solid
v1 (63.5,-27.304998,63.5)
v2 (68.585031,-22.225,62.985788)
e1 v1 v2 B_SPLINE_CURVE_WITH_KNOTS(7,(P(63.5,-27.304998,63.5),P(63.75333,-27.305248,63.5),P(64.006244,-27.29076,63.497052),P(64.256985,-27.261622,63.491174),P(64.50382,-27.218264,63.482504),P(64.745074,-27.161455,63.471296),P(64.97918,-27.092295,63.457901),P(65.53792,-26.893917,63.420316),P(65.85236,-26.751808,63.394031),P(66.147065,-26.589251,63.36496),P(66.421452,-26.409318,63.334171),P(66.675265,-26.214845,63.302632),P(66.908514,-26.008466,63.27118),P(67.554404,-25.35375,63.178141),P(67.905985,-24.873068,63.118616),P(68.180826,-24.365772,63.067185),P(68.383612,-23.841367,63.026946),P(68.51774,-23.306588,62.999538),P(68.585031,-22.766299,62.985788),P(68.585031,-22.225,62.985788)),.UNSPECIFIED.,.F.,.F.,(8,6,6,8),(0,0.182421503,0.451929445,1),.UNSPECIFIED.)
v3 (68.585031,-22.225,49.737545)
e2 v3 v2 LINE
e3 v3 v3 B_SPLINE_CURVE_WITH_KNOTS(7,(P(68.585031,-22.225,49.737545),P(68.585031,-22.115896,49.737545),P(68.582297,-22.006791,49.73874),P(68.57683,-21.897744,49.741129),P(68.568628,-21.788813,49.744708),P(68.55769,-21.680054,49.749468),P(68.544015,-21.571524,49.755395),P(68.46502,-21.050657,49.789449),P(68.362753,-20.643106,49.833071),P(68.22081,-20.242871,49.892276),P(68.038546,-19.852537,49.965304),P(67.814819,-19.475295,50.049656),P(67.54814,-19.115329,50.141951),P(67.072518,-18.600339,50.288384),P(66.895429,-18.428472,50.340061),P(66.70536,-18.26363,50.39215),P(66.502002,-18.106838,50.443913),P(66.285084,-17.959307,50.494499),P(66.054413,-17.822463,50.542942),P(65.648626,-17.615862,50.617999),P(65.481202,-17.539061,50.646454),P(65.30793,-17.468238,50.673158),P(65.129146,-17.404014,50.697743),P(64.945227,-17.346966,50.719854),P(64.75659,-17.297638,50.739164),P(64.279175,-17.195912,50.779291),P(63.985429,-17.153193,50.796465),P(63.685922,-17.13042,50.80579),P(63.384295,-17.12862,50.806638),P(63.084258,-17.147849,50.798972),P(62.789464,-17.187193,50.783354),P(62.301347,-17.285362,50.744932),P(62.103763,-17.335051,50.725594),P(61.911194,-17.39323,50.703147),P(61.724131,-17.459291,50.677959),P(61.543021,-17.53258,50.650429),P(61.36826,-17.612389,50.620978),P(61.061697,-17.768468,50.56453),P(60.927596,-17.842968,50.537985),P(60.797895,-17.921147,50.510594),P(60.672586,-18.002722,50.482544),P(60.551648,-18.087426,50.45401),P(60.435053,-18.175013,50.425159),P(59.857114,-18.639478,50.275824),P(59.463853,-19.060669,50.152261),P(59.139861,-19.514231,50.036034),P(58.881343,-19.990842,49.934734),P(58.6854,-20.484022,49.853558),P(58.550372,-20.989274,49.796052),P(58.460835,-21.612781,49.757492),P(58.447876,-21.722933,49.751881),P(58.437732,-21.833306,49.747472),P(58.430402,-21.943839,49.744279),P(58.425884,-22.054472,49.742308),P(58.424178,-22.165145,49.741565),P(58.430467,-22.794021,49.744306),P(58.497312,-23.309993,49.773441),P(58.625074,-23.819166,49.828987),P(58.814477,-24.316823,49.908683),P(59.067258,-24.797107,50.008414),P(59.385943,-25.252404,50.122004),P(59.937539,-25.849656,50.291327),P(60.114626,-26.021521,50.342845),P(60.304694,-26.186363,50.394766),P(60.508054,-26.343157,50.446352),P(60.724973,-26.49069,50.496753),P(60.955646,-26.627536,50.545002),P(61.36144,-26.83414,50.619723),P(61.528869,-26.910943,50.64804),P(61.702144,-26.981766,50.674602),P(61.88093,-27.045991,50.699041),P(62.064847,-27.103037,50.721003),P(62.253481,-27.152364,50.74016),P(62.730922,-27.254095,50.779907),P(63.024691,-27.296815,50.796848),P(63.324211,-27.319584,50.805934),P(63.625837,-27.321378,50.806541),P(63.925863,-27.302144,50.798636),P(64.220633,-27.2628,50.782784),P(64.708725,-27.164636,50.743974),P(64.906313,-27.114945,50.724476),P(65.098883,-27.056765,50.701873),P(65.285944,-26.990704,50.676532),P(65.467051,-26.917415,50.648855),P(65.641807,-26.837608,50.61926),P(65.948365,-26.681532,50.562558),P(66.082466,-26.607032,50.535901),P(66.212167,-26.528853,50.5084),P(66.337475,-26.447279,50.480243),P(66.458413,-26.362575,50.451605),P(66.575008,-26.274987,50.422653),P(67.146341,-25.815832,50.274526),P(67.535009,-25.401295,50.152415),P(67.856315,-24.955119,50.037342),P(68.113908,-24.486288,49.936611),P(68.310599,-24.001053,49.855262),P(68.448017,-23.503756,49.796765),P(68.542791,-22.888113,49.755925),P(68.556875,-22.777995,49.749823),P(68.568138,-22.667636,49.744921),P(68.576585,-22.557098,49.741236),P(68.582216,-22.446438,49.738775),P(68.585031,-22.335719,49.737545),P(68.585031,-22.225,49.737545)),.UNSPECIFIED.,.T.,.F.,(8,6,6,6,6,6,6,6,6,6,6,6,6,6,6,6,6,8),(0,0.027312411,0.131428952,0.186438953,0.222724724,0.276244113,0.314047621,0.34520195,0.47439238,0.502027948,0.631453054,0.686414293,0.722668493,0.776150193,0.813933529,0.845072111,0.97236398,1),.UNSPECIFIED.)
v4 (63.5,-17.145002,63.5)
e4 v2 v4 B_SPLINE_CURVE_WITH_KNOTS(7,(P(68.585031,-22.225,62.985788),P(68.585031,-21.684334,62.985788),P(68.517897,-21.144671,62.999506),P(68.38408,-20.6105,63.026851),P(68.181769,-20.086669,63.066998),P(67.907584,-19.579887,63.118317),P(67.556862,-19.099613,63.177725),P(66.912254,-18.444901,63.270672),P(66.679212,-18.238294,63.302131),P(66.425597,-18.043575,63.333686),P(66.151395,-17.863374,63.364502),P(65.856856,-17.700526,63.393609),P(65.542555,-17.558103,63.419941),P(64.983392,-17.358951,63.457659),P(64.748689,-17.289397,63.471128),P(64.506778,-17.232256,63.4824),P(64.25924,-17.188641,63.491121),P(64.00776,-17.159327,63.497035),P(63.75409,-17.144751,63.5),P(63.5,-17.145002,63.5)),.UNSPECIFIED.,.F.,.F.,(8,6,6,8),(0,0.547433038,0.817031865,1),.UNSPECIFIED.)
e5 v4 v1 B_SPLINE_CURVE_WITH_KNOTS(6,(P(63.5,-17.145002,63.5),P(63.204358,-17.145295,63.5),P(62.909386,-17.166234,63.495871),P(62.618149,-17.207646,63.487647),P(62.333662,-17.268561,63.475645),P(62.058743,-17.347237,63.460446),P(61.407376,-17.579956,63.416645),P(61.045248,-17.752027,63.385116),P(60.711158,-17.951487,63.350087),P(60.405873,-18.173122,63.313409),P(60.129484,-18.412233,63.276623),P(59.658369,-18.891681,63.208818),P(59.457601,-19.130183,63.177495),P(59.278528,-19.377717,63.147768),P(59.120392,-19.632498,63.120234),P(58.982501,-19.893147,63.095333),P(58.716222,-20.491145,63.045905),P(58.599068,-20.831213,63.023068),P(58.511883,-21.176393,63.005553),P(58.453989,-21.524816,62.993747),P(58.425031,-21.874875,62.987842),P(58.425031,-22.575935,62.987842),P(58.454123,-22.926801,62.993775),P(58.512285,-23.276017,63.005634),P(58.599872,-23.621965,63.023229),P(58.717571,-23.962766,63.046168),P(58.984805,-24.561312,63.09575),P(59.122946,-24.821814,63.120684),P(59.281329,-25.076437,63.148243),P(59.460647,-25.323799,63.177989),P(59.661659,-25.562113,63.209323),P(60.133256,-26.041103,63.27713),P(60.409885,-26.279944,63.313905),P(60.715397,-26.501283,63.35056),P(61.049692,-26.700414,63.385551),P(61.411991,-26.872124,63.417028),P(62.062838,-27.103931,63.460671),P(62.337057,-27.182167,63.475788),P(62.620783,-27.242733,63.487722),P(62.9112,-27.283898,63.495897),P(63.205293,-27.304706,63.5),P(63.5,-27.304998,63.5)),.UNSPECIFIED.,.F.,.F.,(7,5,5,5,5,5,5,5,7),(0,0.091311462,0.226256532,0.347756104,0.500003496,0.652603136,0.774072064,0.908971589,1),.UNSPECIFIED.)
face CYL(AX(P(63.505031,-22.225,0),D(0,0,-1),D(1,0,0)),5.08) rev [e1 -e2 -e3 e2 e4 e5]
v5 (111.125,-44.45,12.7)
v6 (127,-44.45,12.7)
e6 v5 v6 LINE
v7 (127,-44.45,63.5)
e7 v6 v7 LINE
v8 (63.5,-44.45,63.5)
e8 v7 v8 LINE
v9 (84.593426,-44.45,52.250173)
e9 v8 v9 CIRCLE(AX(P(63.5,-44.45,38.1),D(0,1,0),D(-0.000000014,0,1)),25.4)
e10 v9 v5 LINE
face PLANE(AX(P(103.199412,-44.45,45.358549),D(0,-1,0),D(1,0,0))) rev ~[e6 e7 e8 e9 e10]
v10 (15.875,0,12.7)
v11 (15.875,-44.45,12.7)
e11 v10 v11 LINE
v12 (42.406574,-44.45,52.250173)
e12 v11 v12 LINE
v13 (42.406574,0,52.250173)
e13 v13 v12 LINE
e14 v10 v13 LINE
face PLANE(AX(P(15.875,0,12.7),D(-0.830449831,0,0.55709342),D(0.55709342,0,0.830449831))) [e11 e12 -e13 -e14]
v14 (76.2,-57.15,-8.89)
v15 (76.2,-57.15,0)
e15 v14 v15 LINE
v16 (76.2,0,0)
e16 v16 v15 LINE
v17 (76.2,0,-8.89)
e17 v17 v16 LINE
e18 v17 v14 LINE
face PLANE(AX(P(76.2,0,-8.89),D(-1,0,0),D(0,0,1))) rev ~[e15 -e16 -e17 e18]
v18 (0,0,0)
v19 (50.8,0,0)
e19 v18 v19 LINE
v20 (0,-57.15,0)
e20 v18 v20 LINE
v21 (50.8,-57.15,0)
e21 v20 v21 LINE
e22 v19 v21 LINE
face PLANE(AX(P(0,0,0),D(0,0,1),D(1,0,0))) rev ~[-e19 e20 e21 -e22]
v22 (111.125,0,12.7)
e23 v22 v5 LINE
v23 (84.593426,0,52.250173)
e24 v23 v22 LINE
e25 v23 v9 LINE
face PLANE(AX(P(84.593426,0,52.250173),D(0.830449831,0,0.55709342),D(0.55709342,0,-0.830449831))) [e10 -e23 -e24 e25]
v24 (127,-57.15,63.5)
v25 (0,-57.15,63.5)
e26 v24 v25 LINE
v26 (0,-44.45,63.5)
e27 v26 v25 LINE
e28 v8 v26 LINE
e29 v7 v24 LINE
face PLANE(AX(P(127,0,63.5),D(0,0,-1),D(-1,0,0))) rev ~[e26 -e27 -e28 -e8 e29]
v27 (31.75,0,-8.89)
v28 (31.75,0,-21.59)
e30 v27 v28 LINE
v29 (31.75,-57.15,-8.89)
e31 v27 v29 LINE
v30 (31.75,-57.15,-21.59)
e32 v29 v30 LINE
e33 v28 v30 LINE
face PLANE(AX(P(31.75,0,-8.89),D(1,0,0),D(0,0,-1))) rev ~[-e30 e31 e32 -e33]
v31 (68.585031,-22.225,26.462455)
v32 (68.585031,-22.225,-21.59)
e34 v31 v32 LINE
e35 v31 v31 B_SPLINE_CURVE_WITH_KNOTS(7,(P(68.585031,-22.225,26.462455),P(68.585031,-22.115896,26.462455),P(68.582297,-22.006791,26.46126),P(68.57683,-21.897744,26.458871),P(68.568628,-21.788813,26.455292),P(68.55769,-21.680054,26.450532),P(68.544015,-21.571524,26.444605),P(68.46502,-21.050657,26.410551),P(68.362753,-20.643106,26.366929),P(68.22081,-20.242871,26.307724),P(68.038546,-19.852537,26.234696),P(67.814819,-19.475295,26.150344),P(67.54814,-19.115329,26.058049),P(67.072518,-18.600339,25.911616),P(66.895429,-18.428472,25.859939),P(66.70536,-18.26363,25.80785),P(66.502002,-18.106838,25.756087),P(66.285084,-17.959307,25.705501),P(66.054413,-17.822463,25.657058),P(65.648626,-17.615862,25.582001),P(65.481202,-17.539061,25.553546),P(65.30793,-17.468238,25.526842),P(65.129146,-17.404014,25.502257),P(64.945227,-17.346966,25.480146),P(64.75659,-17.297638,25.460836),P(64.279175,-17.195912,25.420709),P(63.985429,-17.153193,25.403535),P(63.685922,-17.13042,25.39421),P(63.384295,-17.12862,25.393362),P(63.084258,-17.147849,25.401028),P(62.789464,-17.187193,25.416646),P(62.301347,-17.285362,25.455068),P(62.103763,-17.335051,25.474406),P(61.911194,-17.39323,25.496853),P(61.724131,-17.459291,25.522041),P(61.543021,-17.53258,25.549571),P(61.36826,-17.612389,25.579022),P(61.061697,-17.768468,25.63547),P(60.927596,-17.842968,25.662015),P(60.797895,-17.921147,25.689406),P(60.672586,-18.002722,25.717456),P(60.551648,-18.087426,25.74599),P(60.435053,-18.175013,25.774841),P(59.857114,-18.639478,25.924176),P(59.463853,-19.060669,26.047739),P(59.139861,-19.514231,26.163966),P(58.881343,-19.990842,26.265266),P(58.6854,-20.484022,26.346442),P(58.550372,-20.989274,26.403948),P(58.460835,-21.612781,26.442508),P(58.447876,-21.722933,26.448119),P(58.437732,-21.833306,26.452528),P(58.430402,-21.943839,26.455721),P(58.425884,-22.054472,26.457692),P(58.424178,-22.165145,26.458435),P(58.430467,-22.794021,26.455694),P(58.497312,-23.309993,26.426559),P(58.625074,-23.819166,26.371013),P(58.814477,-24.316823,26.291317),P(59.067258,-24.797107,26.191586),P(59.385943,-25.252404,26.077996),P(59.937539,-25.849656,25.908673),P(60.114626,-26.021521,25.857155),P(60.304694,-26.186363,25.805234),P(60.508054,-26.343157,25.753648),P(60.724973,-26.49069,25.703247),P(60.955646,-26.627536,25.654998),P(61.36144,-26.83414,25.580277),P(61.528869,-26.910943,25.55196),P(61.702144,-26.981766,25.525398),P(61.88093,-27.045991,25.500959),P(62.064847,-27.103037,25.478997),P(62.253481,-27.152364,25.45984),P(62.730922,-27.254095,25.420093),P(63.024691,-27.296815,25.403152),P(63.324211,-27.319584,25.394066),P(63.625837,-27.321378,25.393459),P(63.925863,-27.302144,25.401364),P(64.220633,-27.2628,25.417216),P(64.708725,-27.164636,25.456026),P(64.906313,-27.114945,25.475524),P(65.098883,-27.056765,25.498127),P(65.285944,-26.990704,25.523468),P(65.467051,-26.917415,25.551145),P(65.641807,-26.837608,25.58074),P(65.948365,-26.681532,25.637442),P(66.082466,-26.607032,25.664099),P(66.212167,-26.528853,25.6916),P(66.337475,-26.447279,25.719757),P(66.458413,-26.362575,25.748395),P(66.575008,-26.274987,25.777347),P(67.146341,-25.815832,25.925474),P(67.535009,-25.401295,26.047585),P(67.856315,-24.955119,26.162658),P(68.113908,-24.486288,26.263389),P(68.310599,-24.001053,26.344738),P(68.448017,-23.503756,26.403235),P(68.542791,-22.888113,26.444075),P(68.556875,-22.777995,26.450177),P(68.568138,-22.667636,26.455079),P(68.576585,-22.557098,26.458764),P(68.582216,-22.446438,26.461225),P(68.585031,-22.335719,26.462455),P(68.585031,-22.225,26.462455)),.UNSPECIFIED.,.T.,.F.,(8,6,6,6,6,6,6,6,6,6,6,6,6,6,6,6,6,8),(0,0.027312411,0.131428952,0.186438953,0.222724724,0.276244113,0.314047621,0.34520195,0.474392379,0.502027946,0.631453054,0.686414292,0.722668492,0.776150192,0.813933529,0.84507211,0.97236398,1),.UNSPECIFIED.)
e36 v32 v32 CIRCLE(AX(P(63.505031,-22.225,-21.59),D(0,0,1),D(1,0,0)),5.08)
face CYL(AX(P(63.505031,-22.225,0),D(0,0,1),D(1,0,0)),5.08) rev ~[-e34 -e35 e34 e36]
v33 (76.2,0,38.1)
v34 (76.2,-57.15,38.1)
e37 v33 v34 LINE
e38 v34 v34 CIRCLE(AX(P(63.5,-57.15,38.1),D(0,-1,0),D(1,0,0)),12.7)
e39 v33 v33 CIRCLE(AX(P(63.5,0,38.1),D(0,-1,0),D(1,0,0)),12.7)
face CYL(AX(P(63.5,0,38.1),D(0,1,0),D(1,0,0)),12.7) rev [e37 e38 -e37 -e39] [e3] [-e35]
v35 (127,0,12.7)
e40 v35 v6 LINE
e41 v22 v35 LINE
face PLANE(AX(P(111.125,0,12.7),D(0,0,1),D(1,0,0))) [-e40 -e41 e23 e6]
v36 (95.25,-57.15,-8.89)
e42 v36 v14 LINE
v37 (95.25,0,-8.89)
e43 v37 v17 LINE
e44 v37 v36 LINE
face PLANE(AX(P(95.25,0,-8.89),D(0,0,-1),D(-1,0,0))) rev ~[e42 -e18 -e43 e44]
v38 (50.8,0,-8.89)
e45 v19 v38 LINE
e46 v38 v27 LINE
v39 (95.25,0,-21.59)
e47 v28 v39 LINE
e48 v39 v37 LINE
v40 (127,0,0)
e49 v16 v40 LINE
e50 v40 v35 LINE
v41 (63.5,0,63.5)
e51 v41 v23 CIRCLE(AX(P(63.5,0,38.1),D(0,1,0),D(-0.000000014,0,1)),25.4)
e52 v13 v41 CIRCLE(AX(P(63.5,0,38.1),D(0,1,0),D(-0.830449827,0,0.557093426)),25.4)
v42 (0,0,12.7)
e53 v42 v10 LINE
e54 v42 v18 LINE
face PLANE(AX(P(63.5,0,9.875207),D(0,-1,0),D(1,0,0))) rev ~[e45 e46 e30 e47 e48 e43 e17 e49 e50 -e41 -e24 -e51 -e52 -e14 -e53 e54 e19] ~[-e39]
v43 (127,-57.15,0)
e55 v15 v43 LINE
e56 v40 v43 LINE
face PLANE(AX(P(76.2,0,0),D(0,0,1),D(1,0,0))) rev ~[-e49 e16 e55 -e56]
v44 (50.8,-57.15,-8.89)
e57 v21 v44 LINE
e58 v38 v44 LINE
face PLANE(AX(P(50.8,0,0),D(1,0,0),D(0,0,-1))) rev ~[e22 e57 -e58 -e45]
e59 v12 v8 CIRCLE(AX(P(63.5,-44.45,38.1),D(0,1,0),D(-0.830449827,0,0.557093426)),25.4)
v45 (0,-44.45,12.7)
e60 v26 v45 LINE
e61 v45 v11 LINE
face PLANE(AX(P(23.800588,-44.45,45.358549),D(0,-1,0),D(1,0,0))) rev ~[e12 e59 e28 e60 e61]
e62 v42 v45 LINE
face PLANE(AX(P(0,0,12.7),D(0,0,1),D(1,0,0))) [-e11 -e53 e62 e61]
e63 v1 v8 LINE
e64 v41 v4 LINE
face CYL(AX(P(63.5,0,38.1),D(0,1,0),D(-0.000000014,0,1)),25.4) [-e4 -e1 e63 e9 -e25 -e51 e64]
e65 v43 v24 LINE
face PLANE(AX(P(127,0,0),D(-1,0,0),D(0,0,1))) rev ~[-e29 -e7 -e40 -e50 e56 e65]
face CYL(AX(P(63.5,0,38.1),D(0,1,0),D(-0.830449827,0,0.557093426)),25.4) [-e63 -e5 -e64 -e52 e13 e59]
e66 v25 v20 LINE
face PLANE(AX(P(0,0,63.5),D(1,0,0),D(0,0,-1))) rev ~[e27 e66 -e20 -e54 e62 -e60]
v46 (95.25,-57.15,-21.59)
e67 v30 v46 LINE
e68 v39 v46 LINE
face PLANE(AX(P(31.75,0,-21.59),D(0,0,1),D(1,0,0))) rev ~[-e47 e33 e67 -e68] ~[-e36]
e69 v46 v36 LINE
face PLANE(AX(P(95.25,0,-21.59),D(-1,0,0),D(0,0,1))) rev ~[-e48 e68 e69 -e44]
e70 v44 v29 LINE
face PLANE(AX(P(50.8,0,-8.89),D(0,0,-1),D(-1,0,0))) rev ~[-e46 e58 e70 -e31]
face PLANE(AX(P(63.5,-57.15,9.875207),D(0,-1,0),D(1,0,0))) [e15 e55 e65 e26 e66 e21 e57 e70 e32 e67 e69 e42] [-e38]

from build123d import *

# Parameters (mm, degrees)
F0_R          = 12.7
F1_DEPTH      = 57.15
F2_DEPTH      = 44.45
F3_R          = 5.08
F4_DEPTH      = 63.501
F4_DEPTH_BACK = 25.4


with BuildPart() as f1:
    # F0 (on Front) → F1 (new body)
    with BuildSketch(Plane.XZ):
        with BuildLine():
            ThreePointArc((84.593426, 52.250173), (75.452941, 60.511765), (63.5, 63.5))
            ThreePointArc((63.5, 63.5), (51.547059, 60.511765), (42.406574, 52.250173))
            Line((42.406574, 52.250173), (15.875, 12.7))
            Line((15.875, 12.7), (0, 12.7))
            Line((0, 12.7), (0, 0))
            Line((0, 0), (50.8, 0))
            Line((50.8, 0), (50.8, -8.89))
            Line((50.8, -8.89), (31.75, -8.89))
            Line((31.75, -8.89), (31.75, -21.59))
            Line((31.75, -21.59), (95.25, -21.59))
            Line((95.25, -21.59), (95.25, -8.89))
            Line((95.25, -8.89), (76.2, -8.89))
            Line((76.2, -8.89), (76.2, 0))
            Line((76.2, 0), (127, 0))
            Line((127, 0), (127, 12.7))
            Line((127, 12.7), (111.125, 12.7))
            Line((111.125, 12.7), (84.593426, 52.250173))
        make_face()
        with Locations((63.5, 38.1)):
            Circle(F0_R, mode=Mode.SUBTRACT)
        with BuildLine():
            Line((127, 63.5), (63.5, 63.5))
            ThreePointArc((63.5, 63.5), (75.452941, 60.511765), (84.593426, 52.250173))
            Line((84.593426, 52.250173), (111.125, 12.7))
            Line((111.125, 12.7), (127, 12.7))
            Line((127, 12.7), (127, 63.5))
        make_face()
        with BuildLine():
            Line((63.5, 63.5), (0, 63.5))
            Line((0, 63.5), (0, 12.7))
            Line((0, 12.7), (15.875, 12.7))
            Line((15.875, 12.7), (42.406574, 52.250173))
            ThreePointArc((42.406574, 52.250173), (51.547059, 60.511765), (63.5, 63.5))
        make_face()
    extrude(amount=F1_DEPTH)

    # F0 (on Front) → F2 (cut)
    with BuildSketch(Plane.XZ):
        with BuildLine():
            Line((63.5, 63.5), (0, 63.5))
            Line((0, 63.5), (0, 12.7))
            Line((0, 12.7), (15.875, 12.7))
            Line((15.875, 12.7), (42.406574, 52.250173))
            ThreePointArc((42.406574, 52.250173), (51.547059, 60.511765), (63.5, 63.5))
        make_face()
        with BuildLine():
            Line((127, 63.5), (63.5, 63.5))
            ThreePointArc((63.5, 63.5), (75.452941, 60.511765), (84.593426, 52.250173))
            Line((84.593426, 52.250173), (111.125, 12.7))
            Line((111.125, 12.7), (127, 12.7))
            Line((127, 12.7), (127, 63.5))
        make_face()
    extrude(amount=F2_DEPTH, mode=Mode.SUBTRACT)

    # F3 (on Top) → F4 (cut, two sides)
    with BuildSketch(Plane.XY) as f4_sk:
        with Locations((63.505031, -22.225)):
            Circle(F3_R)
    extrude(amount=F4_DEPTH, mode=Mode.SUBTRACT)
    extrude(f4_sk.sketch, amount=-F4_DEPTH_BACK, mode=Mode.SUBTRACT)


solid = f1.part
